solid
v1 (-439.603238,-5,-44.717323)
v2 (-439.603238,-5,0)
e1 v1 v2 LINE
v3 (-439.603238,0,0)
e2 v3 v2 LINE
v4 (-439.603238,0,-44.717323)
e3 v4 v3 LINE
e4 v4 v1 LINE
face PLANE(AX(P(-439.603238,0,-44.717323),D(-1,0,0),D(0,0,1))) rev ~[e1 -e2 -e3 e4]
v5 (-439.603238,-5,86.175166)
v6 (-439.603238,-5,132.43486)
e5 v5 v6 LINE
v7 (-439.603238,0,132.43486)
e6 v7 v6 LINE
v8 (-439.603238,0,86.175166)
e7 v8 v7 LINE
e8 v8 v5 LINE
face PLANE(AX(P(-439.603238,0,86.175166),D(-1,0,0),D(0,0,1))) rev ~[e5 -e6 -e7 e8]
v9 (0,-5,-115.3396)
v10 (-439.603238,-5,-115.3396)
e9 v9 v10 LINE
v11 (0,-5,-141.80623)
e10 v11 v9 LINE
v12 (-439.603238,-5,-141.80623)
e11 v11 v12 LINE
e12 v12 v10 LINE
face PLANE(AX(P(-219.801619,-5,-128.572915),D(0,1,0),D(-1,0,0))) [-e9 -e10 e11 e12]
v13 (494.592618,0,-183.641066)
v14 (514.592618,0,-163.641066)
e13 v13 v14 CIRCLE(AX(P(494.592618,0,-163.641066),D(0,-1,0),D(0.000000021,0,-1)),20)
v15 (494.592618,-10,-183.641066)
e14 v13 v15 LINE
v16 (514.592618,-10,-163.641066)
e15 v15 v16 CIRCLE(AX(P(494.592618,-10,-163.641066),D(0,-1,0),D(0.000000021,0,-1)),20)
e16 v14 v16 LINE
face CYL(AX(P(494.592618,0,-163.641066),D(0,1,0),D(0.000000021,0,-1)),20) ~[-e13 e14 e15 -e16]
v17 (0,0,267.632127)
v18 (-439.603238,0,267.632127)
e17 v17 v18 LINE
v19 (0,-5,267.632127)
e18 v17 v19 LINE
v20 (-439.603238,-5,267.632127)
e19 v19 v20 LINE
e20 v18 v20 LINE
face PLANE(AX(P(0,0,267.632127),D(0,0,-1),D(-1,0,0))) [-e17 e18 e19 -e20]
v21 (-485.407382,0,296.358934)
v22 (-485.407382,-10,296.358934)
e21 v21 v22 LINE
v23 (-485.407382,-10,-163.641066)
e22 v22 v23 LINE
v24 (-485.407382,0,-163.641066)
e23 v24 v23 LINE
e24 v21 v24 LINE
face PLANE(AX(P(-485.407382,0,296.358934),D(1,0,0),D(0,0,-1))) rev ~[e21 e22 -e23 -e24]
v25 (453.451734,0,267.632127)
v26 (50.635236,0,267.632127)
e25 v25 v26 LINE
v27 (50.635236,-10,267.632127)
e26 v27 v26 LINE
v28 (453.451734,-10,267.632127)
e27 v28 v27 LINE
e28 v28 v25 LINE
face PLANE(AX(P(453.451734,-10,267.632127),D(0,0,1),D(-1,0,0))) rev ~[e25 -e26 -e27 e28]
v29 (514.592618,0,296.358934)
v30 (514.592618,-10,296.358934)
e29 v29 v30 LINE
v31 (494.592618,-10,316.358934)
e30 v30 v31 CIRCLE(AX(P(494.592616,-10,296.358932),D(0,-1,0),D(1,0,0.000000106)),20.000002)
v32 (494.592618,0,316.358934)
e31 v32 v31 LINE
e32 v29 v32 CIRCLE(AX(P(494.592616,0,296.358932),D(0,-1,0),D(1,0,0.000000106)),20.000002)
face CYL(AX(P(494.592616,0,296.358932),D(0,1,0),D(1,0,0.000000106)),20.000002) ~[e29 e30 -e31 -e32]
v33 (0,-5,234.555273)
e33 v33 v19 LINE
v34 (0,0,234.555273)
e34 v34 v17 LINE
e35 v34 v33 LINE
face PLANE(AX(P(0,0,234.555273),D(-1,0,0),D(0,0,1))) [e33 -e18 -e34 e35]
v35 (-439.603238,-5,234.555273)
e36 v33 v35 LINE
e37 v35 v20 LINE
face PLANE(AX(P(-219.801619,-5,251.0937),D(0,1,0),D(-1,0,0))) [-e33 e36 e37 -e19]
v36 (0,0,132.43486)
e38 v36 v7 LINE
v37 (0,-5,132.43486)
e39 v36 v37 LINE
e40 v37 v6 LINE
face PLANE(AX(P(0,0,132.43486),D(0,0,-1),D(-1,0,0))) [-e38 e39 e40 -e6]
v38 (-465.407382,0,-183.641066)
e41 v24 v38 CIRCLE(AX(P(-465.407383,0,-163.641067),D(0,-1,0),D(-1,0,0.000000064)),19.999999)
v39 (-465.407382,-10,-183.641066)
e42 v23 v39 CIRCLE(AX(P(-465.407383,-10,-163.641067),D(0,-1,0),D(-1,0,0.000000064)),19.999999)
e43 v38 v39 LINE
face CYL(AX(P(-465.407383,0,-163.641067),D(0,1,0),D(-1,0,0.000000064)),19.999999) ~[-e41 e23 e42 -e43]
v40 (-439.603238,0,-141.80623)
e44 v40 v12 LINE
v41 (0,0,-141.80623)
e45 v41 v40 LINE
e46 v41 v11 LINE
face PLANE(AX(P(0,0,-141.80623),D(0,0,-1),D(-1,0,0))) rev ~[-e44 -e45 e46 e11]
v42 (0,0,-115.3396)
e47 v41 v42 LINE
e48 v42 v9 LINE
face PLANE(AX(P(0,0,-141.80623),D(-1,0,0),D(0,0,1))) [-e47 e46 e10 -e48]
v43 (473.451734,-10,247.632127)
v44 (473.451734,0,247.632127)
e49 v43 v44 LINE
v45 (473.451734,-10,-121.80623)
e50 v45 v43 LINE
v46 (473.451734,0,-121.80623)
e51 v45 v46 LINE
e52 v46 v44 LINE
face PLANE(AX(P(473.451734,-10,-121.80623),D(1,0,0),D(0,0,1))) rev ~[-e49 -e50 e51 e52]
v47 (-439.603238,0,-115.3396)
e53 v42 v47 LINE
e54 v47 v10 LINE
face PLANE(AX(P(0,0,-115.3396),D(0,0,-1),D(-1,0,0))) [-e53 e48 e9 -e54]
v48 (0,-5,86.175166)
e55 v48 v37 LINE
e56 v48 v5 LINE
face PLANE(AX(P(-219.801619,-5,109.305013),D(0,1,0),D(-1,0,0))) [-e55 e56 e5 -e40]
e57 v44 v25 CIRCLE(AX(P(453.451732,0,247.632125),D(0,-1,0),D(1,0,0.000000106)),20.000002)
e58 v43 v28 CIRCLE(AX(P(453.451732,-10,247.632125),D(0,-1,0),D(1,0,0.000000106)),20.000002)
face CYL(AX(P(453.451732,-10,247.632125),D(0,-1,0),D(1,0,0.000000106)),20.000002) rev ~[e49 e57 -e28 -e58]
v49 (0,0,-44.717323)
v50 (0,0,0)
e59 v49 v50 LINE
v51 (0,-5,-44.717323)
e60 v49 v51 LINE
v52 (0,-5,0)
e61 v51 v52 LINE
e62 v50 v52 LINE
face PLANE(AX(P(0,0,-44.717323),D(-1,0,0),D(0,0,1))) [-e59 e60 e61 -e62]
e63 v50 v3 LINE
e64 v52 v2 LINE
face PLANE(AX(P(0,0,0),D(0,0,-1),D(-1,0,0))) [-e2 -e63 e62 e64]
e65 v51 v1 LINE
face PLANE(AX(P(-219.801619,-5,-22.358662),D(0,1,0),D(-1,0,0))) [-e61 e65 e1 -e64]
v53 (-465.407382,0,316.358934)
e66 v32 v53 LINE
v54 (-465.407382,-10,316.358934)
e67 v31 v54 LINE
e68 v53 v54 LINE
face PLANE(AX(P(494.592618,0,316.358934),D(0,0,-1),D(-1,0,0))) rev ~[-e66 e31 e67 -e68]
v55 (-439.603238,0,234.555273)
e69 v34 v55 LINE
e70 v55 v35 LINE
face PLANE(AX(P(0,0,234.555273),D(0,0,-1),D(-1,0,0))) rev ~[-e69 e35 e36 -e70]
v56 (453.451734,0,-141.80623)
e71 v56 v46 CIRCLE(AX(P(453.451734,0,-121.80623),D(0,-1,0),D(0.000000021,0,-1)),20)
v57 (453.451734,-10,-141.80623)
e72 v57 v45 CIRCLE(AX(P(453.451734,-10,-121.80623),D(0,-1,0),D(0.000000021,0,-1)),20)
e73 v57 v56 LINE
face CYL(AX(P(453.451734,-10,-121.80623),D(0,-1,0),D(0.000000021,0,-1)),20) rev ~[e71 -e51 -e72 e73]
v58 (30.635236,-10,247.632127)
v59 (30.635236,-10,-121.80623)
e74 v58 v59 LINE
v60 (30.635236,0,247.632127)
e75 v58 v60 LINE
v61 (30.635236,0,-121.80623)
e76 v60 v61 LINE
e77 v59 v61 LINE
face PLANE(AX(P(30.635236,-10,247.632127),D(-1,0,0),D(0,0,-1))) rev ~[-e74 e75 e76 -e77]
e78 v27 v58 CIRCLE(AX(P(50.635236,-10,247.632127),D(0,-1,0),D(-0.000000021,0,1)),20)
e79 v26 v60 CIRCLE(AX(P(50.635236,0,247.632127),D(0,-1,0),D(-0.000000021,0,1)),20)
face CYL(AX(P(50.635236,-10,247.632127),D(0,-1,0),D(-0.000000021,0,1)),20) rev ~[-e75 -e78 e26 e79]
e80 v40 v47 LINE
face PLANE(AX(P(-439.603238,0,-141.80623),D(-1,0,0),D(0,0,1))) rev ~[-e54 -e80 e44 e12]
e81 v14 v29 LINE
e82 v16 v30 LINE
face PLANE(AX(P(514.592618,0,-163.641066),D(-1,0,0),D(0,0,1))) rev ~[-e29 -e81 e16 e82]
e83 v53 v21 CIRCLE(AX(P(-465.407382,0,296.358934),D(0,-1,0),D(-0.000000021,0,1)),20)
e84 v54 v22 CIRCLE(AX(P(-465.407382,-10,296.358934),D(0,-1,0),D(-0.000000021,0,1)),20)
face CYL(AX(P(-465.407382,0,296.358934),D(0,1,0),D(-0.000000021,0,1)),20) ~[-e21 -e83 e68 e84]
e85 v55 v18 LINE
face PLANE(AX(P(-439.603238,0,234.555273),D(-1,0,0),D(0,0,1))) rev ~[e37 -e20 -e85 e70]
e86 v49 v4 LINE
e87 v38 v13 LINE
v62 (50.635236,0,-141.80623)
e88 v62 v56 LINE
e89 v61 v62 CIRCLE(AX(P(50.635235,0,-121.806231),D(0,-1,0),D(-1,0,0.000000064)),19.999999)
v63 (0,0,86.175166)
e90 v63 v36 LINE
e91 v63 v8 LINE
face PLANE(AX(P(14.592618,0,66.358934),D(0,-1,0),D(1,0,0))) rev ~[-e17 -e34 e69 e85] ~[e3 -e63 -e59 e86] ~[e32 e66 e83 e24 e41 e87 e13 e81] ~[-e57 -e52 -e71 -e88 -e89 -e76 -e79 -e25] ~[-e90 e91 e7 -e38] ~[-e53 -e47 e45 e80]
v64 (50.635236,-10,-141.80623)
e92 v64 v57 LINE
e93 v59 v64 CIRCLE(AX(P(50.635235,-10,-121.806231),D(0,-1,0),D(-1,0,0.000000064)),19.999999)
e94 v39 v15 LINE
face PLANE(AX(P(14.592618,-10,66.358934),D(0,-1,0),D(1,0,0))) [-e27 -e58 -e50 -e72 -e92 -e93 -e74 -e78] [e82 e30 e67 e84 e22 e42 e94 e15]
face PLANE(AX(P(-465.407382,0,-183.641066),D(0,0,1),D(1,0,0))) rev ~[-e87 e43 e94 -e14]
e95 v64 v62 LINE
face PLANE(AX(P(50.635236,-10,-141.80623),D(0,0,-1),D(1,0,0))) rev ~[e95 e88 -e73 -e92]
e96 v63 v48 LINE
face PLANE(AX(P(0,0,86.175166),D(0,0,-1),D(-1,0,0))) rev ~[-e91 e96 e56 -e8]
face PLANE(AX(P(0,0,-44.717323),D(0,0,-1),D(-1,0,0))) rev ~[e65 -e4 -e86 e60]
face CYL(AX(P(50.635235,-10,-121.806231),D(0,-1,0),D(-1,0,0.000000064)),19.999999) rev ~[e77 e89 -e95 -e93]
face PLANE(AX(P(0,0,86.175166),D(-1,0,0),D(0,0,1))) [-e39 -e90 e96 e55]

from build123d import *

# Parameters (mm, degrees)
F1_DEPTH = 10
F3_DEPTH = 25
F4_W     = 439.603239
F4_H     = 26.46663
F4_H_2   = 44.717323
F4_H_3   = 46.259694
F4_H_4   = 33.076853
F5_DEPTH = 5


with BuildPart() as f1:
    # F0 (on Front) → F1 (new body)
    with BuildSketch(Plane.XZ):
        with BuildLine():
            Line((494.592618, 316.358934), (-465.407382, 316.358934))
            ThreePointArc((-465.407382, 316.358934), (-479.549518, 310.501069), (-485.407382, 296.358934))
            Line((-485.407382, 296.358934), (-485.407382, -163.641066))
            ThreePointArc((-485.407382, -163.641066), (-479.549518, -177.783202), (-465.407382, -183.641066))
            Line((-465.407382, -183.641066), (494.592618, -183.641066))
            ThreePointArc((494.592618, -183.641066), (508.734753, -177.783202), (514.592618, -163.641066))
            Line((514.592618, -163.641066), (514.592618, 296.358934))
            ThreePointArc((514.592618, 296.358934), (508.734753, 310.501069), (494.592618, 316.358934))
        make_face()
    extrude(amount=F1_DEPTH)

    # F2 (on face) → F3 (cut)
    with BuildSketch(Plane.XZ.offset(10)):
        with BuildLine():
            Line((453.451734, 267.632127), (50.635236, 267.632127))
            ThreePointArc((50.635236, 267.632127), (36.4931, 261.774262), (30.635236, 247.632127))
            Line((30.635236, 247.632127), (30.635236, -121.80623))
            ThreePointArc((30.635236, -121.80623), (36.4931, -135.948366), (50.635236, -141.80623))
            Line((50.635236, -141.80623), (453.451734, -141.80623))
            ThreePointArc((453.451734, -141.80623), (467.593869, -135.948366), (473.451734, -121.80623))
            Line((473.451734, -121.80623), (473.451734, 247.632127))
            ThreePointArc((473.451734, 247.632127), (467.593869, 261.774262), (453.451734, 267.632127))
        make_face()
    extrude(amount=-F3_DEPTH, mode=Mode.SUBTRACT)

    # F4 (on face) → F5 (cut)
    with BuildSketch(Plane(origin=(0, 0, 0), x_dir=(-1, 0, 0), z_dir=(0, 1, 0))):
        with Locations((219.801619, -128.572915)):
            Rectangle(F4_W, F4_H)
        with Locations((219.801619, -22.358662)):
            Rectangle(F4_W, F4_H_2)
        with Locations((219.801619, 109.305013)):
            Rectangle(F4_W, F4_H_3)
        with Locations((219.801619, 251.0937)):
            Rectangle(F4_W, F4_H_4)
    extrude(amount=-F5_DEPTH, mode=Mode.SUBTRACT)


solid = f1.part
